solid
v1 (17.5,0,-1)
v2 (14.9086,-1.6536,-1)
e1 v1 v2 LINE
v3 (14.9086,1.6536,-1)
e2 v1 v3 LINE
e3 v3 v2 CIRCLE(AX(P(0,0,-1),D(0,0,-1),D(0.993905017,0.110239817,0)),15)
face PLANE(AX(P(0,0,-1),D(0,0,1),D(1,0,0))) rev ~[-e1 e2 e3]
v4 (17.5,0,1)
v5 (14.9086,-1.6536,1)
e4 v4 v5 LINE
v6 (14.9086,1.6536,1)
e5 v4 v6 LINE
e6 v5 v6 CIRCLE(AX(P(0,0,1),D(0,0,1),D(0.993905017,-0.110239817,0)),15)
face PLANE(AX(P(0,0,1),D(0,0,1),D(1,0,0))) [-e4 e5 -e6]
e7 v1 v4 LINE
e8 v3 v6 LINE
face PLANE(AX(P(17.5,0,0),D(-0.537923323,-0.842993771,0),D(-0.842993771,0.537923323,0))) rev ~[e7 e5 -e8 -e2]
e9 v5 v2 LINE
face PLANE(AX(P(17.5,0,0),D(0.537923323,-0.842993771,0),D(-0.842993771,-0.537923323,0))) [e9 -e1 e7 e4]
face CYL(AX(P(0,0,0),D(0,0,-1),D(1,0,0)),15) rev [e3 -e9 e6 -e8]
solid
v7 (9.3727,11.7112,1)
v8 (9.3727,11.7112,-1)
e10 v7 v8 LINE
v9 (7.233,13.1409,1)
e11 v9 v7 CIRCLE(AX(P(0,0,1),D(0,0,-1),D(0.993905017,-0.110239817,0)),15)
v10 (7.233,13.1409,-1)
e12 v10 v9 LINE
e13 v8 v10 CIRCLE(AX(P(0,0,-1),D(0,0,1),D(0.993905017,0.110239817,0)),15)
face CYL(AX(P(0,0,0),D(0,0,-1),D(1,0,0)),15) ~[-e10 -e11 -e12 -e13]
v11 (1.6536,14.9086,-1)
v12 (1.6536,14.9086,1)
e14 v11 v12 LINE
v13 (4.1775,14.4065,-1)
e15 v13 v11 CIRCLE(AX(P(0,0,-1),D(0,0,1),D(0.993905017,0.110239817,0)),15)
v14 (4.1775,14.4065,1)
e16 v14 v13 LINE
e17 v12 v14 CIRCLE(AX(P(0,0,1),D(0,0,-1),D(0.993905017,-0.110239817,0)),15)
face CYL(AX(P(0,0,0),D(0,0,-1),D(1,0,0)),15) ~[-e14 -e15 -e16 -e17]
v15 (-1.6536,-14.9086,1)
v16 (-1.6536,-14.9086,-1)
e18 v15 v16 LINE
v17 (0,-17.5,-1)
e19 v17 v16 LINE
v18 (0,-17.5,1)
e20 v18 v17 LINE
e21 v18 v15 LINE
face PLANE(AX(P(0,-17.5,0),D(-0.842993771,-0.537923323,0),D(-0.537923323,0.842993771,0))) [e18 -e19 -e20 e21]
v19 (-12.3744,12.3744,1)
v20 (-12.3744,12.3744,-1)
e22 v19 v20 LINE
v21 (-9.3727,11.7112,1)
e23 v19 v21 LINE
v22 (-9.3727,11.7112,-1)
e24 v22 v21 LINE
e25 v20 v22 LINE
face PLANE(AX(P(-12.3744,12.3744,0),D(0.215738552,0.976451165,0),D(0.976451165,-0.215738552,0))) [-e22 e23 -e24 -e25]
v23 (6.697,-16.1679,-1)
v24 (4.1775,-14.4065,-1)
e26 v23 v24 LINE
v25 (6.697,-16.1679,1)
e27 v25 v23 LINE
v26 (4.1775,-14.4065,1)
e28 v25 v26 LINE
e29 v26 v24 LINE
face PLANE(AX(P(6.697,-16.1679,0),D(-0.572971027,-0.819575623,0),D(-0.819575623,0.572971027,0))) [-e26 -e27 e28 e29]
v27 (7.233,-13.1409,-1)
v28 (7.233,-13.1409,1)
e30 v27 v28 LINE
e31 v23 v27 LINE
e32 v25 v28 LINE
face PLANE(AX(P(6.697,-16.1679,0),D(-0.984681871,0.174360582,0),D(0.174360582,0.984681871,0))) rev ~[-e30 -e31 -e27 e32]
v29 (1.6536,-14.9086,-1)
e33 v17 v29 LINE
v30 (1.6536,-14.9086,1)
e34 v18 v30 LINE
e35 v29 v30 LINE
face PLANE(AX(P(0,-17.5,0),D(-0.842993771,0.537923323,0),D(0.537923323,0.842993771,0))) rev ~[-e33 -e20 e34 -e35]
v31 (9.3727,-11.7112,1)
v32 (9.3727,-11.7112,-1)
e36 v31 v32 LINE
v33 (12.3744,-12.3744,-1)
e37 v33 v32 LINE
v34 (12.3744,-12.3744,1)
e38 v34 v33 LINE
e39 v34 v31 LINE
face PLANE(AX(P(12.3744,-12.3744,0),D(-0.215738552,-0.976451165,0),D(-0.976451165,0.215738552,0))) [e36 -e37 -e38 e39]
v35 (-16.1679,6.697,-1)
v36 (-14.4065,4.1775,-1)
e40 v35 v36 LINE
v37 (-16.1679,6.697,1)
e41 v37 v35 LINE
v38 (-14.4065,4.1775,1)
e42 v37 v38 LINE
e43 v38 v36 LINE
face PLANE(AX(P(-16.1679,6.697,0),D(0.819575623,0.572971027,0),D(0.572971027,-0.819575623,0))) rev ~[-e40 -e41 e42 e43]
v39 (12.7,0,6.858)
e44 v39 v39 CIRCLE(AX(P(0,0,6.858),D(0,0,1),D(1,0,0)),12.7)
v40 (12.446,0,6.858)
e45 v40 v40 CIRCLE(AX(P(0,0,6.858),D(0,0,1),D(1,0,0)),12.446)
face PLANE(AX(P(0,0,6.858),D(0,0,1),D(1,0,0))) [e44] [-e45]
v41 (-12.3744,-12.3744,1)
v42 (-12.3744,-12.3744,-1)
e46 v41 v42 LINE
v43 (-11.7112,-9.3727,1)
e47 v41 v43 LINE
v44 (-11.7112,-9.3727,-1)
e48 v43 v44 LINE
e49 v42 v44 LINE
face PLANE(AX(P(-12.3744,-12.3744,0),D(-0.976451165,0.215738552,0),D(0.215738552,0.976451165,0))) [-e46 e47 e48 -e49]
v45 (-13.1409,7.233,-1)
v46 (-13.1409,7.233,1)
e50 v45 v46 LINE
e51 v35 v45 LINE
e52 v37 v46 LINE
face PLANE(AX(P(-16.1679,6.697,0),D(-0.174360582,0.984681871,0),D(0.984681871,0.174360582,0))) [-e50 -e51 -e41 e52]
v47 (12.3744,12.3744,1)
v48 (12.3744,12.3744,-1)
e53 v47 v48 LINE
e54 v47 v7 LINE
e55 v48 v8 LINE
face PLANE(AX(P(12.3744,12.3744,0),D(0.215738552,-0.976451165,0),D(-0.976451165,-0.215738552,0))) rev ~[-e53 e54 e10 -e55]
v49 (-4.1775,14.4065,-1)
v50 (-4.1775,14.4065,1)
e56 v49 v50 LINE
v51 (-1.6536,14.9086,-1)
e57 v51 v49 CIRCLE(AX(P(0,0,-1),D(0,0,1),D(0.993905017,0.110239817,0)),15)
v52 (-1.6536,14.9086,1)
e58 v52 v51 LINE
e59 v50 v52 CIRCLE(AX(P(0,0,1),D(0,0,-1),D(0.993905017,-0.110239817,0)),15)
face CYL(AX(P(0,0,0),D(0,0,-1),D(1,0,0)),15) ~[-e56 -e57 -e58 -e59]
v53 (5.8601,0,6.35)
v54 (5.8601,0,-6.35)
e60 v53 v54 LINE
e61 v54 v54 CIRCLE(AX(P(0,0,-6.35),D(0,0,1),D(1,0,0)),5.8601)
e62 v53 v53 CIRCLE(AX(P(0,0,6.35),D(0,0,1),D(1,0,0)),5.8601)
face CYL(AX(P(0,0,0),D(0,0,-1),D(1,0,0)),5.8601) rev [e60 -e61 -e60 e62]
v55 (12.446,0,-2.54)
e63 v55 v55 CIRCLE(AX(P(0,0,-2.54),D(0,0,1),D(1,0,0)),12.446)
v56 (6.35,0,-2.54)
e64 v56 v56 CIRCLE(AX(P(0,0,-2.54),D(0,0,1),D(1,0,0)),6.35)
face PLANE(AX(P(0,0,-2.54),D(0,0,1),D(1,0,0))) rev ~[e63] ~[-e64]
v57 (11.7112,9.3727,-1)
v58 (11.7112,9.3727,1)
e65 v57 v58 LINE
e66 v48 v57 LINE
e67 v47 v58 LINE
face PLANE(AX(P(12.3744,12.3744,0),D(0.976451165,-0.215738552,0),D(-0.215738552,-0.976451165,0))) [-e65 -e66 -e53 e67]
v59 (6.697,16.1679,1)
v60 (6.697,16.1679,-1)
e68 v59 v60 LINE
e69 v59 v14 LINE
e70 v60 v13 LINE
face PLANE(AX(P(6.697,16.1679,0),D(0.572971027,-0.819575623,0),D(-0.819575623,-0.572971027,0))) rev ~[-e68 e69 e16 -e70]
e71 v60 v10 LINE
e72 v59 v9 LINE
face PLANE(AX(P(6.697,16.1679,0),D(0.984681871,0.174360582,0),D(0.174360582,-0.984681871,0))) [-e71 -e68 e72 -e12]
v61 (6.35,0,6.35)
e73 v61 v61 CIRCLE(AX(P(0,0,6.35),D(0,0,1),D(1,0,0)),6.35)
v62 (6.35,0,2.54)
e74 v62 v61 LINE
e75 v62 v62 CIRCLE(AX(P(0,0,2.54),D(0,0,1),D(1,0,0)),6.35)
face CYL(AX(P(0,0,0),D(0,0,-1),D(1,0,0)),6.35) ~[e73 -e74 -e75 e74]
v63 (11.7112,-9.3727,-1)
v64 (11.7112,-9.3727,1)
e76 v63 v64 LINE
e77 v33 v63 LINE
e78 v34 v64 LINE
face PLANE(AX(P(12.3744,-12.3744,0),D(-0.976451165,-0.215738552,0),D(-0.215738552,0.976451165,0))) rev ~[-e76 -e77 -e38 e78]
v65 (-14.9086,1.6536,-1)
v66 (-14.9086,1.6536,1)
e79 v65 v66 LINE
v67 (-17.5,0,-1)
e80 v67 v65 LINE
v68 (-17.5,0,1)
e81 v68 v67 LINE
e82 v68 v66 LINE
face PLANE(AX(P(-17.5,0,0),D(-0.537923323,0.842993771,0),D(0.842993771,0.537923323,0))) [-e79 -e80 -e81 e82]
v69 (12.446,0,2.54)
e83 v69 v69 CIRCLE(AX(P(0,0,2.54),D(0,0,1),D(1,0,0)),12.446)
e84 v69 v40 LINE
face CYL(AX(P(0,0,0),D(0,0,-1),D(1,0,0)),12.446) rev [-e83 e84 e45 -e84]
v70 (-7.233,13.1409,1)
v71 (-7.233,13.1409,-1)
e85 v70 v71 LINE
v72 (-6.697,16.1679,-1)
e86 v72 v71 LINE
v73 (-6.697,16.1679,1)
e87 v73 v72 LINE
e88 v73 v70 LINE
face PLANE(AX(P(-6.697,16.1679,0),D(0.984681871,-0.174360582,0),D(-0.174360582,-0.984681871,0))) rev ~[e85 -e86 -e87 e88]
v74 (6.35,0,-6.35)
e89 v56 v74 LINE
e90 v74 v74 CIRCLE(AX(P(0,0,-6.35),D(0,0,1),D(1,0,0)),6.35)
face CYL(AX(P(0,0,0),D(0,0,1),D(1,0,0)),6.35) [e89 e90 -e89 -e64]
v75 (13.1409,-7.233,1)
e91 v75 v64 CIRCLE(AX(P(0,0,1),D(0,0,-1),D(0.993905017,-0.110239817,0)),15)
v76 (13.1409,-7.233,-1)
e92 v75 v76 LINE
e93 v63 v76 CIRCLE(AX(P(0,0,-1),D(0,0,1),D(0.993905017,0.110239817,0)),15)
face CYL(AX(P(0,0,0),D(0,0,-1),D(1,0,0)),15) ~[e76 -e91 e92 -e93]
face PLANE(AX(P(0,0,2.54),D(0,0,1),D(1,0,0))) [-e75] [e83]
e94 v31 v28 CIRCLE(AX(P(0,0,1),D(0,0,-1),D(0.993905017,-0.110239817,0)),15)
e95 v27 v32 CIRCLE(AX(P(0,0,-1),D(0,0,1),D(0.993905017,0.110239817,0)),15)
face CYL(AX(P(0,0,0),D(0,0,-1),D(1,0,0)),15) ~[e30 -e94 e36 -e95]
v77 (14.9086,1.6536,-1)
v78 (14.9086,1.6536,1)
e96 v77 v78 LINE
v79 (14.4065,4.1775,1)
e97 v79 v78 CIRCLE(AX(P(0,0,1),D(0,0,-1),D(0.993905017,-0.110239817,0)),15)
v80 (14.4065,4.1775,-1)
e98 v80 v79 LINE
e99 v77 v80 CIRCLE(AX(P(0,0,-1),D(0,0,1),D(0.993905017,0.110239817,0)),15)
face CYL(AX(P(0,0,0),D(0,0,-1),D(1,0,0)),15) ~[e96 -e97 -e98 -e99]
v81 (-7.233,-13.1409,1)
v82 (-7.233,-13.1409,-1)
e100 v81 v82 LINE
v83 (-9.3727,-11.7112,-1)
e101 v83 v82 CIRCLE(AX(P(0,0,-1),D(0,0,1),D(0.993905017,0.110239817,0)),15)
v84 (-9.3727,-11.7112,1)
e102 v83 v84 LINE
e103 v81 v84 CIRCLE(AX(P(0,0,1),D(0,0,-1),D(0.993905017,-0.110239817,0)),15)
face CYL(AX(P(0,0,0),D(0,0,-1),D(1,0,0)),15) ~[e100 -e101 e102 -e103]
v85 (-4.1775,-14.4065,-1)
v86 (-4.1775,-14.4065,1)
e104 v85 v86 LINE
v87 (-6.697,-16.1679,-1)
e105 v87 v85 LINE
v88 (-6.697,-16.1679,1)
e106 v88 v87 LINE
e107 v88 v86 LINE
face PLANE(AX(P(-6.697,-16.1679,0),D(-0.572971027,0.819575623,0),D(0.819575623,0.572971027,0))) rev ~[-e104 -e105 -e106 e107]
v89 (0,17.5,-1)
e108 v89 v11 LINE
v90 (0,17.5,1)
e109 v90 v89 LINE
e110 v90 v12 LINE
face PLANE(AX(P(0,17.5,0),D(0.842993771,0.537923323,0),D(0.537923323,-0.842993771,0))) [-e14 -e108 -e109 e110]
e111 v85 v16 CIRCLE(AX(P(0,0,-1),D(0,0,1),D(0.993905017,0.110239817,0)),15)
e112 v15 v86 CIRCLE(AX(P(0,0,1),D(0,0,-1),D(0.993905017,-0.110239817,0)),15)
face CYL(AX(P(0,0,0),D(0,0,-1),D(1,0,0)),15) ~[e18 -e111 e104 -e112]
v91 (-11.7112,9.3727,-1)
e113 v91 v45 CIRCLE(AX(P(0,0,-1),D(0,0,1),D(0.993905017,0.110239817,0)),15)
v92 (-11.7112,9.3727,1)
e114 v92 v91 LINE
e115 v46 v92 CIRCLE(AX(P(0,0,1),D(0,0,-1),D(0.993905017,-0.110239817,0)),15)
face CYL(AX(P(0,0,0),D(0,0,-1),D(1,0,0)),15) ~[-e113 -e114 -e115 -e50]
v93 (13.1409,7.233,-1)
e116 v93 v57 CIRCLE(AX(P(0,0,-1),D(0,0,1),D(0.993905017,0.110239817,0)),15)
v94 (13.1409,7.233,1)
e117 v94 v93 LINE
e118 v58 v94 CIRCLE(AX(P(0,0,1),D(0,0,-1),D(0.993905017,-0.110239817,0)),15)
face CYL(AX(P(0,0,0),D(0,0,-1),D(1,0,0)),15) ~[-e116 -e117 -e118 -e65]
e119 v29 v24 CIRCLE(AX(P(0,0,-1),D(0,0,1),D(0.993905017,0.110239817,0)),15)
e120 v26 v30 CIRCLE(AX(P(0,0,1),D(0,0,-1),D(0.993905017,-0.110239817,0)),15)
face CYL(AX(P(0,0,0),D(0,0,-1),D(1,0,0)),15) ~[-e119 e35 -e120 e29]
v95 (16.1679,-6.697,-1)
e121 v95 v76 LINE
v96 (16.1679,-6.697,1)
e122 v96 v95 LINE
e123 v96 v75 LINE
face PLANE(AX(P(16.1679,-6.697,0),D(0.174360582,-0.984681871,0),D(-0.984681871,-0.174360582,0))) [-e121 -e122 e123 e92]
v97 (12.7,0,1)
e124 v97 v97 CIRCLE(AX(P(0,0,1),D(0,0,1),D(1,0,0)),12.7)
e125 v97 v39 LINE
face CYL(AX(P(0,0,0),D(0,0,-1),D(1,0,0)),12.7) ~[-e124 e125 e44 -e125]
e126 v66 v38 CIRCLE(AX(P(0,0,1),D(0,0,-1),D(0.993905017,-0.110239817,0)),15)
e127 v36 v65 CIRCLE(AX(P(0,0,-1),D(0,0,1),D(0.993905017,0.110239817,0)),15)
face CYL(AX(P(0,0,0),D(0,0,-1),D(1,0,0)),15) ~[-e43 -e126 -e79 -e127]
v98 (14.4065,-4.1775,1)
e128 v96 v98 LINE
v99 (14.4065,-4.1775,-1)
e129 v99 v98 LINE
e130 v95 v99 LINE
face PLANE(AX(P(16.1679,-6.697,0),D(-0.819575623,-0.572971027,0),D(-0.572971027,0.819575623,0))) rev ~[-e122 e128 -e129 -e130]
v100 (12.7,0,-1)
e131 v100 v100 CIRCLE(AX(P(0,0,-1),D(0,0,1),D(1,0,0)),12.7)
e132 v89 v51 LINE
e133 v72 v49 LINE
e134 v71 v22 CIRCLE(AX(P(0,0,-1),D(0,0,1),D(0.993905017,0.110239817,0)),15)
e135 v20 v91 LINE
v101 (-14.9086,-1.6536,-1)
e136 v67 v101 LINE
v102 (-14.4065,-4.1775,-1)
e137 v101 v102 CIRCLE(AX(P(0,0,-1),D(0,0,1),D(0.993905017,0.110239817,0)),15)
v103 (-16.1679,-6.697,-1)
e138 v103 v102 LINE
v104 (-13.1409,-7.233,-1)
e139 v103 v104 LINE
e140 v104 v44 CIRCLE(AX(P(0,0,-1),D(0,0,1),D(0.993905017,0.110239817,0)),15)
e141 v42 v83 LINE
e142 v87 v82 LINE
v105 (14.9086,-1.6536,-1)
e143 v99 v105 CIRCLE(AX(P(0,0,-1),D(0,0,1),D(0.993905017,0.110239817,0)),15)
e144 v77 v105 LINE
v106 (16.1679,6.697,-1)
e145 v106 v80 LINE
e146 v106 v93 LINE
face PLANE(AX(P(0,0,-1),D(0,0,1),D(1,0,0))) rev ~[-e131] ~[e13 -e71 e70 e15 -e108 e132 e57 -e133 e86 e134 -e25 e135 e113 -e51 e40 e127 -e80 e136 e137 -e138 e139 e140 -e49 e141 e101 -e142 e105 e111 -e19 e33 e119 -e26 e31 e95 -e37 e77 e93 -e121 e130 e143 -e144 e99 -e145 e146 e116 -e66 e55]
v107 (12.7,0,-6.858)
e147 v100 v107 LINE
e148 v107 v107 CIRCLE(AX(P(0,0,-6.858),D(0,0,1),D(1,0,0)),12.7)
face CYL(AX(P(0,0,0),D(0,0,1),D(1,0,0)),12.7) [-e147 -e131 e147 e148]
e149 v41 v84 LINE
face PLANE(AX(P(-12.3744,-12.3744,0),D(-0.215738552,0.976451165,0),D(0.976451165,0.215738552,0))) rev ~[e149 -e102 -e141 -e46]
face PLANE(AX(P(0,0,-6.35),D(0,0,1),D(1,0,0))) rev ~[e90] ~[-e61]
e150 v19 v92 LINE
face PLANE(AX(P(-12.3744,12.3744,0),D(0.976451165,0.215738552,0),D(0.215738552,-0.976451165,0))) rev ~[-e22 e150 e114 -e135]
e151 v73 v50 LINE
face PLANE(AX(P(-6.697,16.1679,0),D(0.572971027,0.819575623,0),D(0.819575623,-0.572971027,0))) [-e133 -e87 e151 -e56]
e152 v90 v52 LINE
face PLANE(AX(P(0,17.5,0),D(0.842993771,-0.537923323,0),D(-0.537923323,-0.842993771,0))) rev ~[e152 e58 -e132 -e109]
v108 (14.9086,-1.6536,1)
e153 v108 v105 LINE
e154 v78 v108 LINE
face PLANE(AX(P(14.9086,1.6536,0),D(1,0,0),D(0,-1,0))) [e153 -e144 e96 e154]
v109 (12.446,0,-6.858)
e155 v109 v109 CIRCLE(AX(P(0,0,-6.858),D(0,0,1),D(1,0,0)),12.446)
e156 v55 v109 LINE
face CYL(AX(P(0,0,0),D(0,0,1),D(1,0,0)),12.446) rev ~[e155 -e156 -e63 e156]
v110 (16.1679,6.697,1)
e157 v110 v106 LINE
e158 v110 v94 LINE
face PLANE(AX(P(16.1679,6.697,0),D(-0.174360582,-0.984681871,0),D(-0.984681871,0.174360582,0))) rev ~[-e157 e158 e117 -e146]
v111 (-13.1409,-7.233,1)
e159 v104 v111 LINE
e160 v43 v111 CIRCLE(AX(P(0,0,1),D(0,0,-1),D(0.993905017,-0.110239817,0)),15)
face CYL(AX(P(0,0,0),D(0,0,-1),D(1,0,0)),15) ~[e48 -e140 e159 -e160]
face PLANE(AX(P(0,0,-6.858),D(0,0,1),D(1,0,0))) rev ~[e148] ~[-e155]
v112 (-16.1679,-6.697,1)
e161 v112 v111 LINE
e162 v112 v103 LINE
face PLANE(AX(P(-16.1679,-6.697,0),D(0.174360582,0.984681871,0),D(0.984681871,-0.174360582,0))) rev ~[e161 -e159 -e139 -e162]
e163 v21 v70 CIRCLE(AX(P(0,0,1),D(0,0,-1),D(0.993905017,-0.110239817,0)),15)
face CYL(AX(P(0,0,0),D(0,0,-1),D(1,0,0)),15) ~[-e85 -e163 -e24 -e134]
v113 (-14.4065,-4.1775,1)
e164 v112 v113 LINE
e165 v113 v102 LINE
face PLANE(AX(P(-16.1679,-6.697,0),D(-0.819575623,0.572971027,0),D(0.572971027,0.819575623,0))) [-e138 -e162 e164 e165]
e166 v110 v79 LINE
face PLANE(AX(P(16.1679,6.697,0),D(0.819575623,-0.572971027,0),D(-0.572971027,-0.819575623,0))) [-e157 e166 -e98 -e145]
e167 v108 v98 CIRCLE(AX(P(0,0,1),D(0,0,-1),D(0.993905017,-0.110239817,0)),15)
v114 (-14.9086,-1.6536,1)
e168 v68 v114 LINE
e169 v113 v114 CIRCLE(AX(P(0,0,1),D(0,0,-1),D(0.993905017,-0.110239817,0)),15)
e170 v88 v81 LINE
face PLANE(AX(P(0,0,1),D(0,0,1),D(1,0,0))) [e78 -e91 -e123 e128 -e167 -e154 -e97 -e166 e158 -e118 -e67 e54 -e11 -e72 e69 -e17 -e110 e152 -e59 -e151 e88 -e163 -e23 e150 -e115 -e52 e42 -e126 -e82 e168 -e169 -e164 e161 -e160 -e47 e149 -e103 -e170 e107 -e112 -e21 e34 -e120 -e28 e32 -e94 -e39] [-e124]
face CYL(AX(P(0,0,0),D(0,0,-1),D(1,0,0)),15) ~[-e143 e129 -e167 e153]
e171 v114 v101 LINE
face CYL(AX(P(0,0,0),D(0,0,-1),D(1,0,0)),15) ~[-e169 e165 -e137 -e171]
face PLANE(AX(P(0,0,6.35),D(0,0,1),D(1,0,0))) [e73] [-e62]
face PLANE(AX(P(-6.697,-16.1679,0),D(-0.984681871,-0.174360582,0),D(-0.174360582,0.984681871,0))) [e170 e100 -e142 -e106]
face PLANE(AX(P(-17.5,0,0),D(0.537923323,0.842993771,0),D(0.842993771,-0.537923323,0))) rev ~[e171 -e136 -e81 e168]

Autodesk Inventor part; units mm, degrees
ref_plane "YZ Plane" through (0, 0, 0) normal (1, 0, 0) x (0, 1, 0)
ref_plane "XZ Plane" through (0, 0, 0) normal (0, 1, 0) x (-1, 0, 0)
ref_plane "XY Plane" through (0, 0, 0) normal (0, 0, 1) x (1, 0, 0)
sketch "Sketch1" plane through (0, 0, 0) normal (0, 0, 1) x (1, 0, 0)
  circle A0 centre (0, 0) radius 12.7
  circle A1 centre (0, 0) radius 12.446
  circle A2 centre (0, 0) radius 6.35
  circle A3 centre (0, 0) radius 5.8601
  circle A4 centre (0, 0) radius 15
  line L0 (15, 0) -> (17.5, 0)
  line L1 (15, 0) -> (17.5, 0) construction
  line L2 (17.5, 0) -> (15, 0)
  line L3 (17.5, 0) -> (14.9086, 1.6536)
  line L4 (17.5, 0) -> (14.9086, -1.6536)
  line L5 (14.9086, 1.6536) -> (14.9086, -1.6536)
  line L6 (13.1409, 7.233) -> (14.4065, 4.1775)
  line L7 (16.1679, 6.697) -> (13.1409, 7.233)
  line L8 (16.1679, 6.697) -> (14.4065, 4.1775)
  line L9 (9.3727, 11.7112) -> (11.7112, 9.3727)
  line L10 (12.3744, 12.3744) -> (9.3727, 11.7112)
  line L11 (12.3744, 12.3744) -> (11.7112, 9.3727)
  line L12 (4.1775, 14.4065) -> (7.233, 13.1409)
  line L13 (6.697, 16.1679) -> (4.1775, 14.4065)
  line L14 (6.697, 16.1679) -> (7.233, 13.1409)
  line L15 (-1.6536, 14.9086) -> (1.6536, 14.9086)
  line L16 (0, 17.5) -> (-1.6536, 14.9086)
  line L17 (0, 17.5) -> (1.6536, 14.9086)
  line L18 (-7.233, 13.1409) -> (-4.1775, 14.4065)
  line L19 (-6.697, 16.1679) -> (-7.233, 13.1409)
  line L20 (-6.697, 16.1679) -> (-4.1775, 14.4065)
  line L21 (-11.7112, 9.3727) -> (-9.3727, 11.7112)
  line L22 (-12.3744, 12.3744) -> (-11.7112, 9.3727)
  line L23 (-12.3744, 12.3744) -> (-9.3727, 11.7112)
  line L24 (-14.4065, 4.1775) -> (-13.1409, 7.233)
  line L25 (-16.1679, 6.697) -> (-14.4065, 4.1775)
  line L26 (-16.1679, 6.697) -> (-13.1409, 7.233)
  line L27 (-14.9086, -1.6536) -> (-14.9086, 1.6536)
  line L28 (-17.5, 0) -> (-14.9086, -1.6536)
  line L29 (-17.5, 0) -> (-14.9086, 1.6536)
  line L30 (-13.1409, -7.233) -> (-14.4065, -4.1775)
  line L31 (-16.1679, -6.697) -> (-13.1409, -7.233)
  line L32 (-16.1679, -6.697) -> (-14.4065, -4.1775)
  line L33 (-9.3727, -11.7112) -> (-11.7112, -9.3727)
  line L34 (-12.3744, -12.3744) -> (-9.3727, -11.7112)
  line L35 (-12.3744, -12.3744) -> (-11.7112, -9.3727)
  line L36 (-4.1775, -14.4065) -> (-7.233, -13.1409)
  line L37 (-6.697, -16.1679) -> (-4.1775, -14.4065)
  line L38 (-6.697, -16.1679) -> (-7.233, -13.1409)
  line L39 (1.6536, -14.9086) -> (-1.6536, -14.9086)
  line L40 (0, -17.5) -> (1.6536, -14.9086)
  line L41 (0, -17.5) -> (-1.6536, -14.9086)
  line L42 (7.233, -13.1409) -> (4.1775, -14.4065)
  line L43 (6.697, -16.1679) -> (7.233, -13.1409)
  line L44 (6.697, -16.1679) -> (4.1775, -14.4065)
  line L45 (11.7112, -9.3727) -> (9.3727, -11.7112)
  line L46 (12.3744, -12.3744) -> (11.7112, -9.3727)
  line L47 (12.3744, -12.3744) -> (9.3727, -11.7112)
  line L48 (14.4065, -4.1775) -> (13.1409, -7.233)
  line L49 (16.1679, -6.697) -> (14.4065, -4.1775)
  line L50 (16.1679, -6.697) -> (13.1409, -7.233)
  dimension "d1" = 25.4
  dimension "d2" = 24.892
  dimension "d3" = 12.7
  dimension "d22" = 30
  dimension "d24" = 2.5
  dimension "d25" = 0
  dimension "d26" = 3.0741
  dimension "d27" = 1.6536
  dimension "d30" = 360
extrude "Extrusion1" [suppressed]
extrude "Extrusion2" add sketch "Sketch1" along normal blind 6.858 and the other way blind 6.858 contours A0
extrude "Extrusion3" add sketch "Sketch1" along normal blind 2.54 and the other way blind 2.54 contours A1
extrude "Extrusion4" add sketch "Sketch1" along normal blind 6.35 and the other way blind 6.35 contours A2
fillet "Fillet1" [suppressed]
fillet "Fillet2" [suppressed]
extrude "Extrusion5" add sketch "Sketch1" along normal mid plane 2 contours L0 L4 A4 | A4 L3 L0 | L6 A4 | A4 L7 L8 | L49 L50 A4 | A4 L48 | L9 A4 | A4 L10 L11 | L46 L47 A4 | A4 L45 | L12 A4 | A4 L13 L14 | L43 L44 A4 | A4 L42 | L15 A4 | A4 L16 L17 | L40 L41 A4 | A4 L39 | L18 A4 | A4 L19 L20 | L37 L38 A4 | A4 L36 | L21 A4 | A4 L22 L23 | L34 L35 A4 | A4 L33 | L24 A4 | A4 L25 L26 | L31 L32 A4 | A4 L30 | L27 A4 | A4 L28 L29
extrude "Extrusion6" add sketch "Sketch1" along normal mid plane 2 contours L5 A4 L48 L45 L42 L39 L36 L33 L30 L27 L24 L21 L18 L15 L12 L9 L6 | L6 A4 | A4 L48 | L9 A4 | A4 L45 | L12 A4 | A4 L42 | L15 A4 | A4 L39 | L18 A4 | A4 L36 | L21 A4 | A4 L33 | L24 A4 | A4 L30 | L27 A4
properties part number "plastic drive gear"
